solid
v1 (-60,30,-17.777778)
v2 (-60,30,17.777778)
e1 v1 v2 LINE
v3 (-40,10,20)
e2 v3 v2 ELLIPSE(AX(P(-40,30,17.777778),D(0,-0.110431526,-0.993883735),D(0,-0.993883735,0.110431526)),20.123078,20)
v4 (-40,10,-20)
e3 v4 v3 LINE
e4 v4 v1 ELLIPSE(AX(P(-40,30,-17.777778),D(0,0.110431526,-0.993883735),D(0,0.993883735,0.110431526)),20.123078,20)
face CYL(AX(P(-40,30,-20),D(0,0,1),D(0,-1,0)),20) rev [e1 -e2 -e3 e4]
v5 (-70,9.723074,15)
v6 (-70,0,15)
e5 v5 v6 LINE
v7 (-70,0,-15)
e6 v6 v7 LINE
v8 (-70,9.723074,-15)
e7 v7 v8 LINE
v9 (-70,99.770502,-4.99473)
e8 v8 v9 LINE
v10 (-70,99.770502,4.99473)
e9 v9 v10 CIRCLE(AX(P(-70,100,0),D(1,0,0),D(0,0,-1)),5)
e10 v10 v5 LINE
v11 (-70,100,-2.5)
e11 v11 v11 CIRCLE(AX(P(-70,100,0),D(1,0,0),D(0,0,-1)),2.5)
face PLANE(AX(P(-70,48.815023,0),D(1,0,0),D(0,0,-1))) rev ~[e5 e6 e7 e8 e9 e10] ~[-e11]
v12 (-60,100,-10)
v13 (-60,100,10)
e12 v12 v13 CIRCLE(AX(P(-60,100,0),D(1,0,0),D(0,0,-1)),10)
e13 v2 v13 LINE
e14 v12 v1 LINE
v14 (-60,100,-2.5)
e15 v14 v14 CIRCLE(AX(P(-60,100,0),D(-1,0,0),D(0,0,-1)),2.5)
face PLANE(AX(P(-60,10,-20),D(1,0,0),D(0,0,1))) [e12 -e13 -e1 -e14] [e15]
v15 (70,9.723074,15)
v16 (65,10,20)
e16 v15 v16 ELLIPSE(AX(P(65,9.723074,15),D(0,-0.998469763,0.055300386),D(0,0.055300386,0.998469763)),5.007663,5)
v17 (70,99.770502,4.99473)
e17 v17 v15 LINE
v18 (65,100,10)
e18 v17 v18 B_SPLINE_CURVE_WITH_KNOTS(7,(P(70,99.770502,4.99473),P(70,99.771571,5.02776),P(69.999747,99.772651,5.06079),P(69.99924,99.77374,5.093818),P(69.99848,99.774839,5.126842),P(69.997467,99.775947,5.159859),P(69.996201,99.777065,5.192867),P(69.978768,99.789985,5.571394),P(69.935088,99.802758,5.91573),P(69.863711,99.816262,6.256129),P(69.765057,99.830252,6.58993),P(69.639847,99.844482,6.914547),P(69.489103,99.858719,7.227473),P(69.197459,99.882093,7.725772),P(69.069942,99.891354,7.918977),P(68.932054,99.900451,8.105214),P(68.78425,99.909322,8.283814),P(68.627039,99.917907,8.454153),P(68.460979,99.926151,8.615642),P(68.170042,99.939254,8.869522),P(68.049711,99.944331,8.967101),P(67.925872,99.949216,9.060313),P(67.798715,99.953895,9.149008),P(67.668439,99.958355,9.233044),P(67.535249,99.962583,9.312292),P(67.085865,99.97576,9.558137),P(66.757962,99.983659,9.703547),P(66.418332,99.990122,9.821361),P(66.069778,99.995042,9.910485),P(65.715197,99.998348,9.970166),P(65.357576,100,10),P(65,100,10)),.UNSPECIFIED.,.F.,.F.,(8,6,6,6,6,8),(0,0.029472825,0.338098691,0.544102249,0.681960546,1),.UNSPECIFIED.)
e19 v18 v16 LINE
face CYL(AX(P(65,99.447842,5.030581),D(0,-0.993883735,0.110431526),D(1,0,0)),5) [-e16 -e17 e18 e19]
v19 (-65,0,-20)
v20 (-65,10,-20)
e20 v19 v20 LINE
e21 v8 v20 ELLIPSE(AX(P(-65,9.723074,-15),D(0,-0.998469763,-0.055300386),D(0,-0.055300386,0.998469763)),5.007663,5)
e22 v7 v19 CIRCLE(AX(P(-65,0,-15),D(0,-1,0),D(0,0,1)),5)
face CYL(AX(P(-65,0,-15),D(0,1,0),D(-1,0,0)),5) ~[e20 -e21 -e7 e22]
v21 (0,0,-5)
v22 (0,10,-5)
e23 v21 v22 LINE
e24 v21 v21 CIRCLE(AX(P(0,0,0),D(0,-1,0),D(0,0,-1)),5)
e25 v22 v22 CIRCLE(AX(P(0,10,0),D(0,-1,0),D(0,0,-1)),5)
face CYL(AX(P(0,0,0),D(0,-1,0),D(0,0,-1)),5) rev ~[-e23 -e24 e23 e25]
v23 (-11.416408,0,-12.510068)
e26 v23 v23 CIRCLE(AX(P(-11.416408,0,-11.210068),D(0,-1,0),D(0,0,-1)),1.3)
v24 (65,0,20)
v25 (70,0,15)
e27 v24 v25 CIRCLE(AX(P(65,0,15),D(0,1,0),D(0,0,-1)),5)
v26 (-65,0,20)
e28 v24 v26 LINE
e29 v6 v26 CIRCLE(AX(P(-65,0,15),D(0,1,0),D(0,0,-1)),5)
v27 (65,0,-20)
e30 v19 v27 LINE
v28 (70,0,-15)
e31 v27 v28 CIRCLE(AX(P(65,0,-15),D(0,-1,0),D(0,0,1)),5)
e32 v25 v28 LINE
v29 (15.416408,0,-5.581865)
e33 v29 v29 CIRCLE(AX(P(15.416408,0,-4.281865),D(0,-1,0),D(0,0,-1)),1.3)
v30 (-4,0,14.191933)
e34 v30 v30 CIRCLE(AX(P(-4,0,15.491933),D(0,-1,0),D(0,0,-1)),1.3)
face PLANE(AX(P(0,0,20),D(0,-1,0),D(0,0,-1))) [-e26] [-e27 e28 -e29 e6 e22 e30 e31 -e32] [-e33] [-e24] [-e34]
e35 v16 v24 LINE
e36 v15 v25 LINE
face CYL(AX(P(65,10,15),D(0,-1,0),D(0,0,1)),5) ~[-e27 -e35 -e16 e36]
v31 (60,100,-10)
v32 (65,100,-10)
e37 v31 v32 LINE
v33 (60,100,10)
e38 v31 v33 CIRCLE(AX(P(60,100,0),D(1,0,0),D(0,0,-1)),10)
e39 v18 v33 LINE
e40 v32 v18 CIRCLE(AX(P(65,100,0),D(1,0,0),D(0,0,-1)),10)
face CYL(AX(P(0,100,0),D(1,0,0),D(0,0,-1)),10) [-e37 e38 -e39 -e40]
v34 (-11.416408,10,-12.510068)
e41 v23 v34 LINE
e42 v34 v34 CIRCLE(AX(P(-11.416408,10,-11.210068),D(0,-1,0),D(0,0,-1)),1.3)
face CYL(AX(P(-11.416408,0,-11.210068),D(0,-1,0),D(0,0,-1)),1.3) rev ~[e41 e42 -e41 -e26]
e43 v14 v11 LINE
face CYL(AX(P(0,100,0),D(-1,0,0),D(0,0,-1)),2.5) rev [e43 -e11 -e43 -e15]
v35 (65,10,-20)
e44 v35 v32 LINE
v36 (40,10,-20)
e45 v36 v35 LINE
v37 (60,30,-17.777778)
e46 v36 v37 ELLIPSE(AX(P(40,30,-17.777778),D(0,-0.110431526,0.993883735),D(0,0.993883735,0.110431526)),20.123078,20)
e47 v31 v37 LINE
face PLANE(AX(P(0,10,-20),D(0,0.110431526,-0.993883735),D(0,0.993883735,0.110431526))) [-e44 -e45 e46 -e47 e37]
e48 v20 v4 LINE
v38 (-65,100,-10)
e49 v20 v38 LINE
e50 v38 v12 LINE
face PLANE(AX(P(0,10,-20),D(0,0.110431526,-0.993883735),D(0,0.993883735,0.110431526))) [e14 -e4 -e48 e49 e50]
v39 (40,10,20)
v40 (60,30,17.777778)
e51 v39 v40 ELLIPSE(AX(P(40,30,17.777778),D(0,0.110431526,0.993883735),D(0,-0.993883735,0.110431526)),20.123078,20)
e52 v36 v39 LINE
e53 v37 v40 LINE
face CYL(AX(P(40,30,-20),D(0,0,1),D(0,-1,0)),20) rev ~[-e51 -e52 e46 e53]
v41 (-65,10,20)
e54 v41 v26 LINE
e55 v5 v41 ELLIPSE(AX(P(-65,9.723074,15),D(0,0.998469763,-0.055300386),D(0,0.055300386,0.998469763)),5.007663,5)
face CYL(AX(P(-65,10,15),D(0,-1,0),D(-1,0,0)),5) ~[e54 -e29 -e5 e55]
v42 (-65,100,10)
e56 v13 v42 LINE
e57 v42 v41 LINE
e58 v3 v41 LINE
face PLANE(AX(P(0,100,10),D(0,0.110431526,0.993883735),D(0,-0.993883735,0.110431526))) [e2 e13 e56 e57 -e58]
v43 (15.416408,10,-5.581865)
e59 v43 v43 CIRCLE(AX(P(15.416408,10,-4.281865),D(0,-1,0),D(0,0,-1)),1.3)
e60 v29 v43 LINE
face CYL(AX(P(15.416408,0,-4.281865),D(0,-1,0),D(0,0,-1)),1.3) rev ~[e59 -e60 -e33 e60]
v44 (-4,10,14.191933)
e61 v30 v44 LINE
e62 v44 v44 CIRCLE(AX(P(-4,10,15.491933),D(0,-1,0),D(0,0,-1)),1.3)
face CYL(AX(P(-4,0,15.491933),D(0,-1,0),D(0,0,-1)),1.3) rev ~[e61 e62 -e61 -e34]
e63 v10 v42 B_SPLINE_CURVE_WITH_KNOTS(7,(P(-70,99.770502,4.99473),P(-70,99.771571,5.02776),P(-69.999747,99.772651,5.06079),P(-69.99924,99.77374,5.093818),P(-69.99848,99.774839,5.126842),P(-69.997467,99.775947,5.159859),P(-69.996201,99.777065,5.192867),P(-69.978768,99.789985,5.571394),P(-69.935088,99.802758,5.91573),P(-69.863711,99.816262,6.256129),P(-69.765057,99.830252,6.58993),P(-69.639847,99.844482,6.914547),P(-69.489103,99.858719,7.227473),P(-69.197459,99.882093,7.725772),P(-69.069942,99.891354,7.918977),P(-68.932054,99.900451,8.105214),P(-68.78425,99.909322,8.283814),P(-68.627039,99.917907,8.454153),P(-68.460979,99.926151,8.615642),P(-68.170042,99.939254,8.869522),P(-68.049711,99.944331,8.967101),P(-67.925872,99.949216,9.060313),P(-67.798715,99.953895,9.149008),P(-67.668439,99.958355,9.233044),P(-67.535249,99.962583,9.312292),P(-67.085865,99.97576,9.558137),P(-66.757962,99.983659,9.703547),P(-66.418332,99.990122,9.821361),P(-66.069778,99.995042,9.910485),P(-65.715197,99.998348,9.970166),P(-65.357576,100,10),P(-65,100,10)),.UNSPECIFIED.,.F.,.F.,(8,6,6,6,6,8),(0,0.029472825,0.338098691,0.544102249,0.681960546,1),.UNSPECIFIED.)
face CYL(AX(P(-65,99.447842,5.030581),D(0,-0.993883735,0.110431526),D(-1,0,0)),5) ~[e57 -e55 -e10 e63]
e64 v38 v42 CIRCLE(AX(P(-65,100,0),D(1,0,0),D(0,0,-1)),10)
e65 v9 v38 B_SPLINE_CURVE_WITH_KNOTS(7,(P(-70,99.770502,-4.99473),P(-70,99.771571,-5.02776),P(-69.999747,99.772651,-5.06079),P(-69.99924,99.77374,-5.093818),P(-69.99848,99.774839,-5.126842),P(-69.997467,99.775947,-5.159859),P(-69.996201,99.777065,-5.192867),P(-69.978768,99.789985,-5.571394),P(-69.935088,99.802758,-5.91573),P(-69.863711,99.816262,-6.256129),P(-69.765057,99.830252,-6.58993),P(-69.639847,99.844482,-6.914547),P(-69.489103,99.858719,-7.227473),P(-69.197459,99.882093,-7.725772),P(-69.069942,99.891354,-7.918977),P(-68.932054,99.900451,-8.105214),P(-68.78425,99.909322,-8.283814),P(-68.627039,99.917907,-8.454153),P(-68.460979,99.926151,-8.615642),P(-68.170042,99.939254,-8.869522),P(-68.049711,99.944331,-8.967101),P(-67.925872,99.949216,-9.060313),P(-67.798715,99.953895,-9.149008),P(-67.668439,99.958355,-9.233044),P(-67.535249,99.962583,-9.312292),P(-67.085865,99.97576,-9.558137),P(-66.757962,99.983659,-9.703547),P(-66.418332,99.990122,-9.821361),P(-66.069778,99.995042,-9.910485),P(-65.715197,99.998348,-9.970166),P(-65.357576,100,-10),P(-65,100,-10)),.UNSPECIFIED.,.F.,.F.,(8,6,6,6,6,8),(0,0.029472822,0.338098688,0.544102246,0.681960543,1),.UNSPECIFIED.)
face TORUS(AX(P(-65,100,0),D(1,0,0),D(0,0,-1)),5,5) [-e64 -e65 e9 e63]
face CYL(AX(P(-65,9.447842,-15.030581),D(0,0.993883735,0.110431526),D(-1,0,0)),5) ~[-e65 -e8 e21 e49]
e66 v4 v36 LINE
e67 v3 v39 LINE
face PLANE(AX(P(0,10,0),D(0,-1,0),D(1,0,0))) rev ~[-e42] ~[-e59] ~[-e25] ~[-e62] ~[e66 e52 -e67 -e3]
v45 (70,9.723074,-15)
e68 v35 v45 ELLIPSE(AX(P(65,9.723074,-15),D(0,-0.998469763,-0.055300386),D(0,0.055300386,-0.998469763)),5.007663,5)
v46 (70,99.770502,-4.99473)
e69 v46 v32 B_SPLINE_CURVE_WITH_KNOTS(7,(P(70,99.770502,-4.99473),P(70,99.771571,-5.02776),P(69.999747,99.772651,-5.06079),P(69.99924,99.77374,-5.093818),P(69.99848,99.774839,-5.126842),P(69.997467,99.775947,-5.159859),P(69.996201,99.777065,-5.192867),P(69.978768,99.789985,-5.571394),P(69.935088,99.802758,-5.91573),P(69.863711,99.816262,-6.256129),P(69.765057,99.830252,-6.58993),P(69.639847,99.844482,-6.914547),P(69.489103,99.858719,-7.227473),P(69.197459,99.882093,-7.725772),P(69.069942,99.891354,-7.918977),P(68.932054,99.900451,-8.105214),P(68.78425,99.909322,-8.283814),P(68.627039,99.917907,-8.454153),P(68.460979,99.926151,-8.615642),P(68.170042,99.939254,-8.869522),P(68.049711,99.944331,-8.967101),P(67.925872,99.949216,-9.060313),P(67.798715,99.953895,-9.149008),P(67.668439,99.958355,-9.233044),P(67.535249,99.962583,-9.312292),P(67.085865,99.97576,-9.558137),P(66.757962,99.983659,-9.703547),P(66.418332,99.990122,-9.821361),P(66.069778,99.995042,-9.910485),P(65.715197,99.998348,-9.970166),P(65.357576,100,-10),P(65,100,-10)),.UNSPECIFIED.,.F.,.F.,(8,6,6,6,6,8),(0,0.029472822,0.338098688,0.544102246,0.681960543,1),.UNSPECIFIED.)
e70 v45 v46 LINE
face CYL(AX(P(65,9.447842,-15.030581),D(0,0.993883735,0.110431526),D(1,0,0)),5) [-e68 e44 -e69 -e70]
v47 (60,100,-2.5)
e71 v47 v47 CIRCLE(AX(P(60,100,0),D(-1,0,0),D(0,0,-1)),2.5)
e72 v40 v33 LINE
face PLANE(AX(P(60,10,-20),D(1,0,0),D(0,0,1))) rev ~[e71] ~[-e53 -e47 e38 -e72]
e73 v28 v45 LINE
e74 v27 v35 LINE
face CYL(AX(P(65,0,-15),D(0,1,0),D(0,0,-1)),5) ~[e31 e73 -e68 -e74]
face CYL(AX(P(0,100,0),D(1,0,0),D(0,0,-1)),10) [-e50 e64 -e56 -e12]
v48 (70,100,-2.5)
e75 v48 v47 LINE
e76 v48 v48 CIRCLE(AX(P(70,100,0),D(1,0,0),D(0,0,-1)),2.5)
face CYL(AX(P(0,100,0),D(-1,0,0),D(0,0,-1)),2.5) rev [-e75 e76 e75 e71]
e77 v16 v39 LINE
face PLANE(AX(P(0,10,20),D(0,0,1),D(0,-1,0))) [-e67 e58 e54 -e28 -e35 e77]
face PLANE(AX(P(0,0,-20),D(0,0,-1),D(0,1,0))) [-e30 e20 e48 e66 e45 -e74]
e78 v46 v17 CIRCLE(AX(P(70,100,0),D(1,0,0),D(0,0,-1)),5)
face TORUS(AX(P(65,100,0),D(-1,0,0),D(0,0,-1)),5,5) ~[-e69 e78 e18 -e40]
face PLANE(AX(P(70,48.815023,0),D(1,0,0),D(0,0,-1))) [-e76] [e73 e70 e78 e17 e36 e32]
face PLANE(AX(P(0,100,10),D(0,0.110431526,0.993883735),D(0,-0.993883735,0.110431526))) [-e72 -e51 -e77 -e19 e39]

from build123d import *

# Parameters (mm, degrees)
SKETCH1_R           = 2.5
BOSS_EXTRUDE1_DEPTH = 70
CUT_EXTRUDE1_START  = -10
SKETCH2_W           = 120
SKETCH2_H           = 40
CUT_EXTRUDE1_DEPTH  = 110
SKETCH3_R           = 1.3
SKETCH3_R_2         = 5
CUT_EXTRUDE2_DEPTH  = 10
FILLET1_R           = 5
FILLET2_R           = 20


with BuildPart() as part:
    # Sketch1 → Boss-Extrude1 (new, symmetric)
    with BuildSketch(Plane(origin=(0, 0, 0), x_dir=(0, 0, -1), z_dir=(1, 0, 0))):
        with BuildLine():
            Line((-20, 0), (20, 0))
            Line((20, 0), (20, 10))
            Line((20, 10), (10, 100))
            ThreePointArc((10, 100), (0, 110), (-10, 100))
            Line((-10, 100), (-20, 10))
            Line((-20, 10), (-20, 0))
        make_face()
        with Locations((0, 100)):
            Circle(SKETCH1_R, mode=Mode.SUBTRACT)
    extrude(amount=BOSS_EXTRUDE1_DEPTH, both=True)

    # Sketch2 → Cut-Extrude1 (cut)
    with BuildSketch(Plane.XZ.offset(CUT_EXTRUDE1_START)):
        Rectangle(SKETCH2_W, SKETCH2_H)
    extrude(amount=-CUT_EXTRUDE1_DEPTH, mode=Mode.SUBTRACT)

    # Sketch3 → Cut-Extrude2 (cut)
    with BuildSketch(Plane.XZ):
        with Locations(Location((-4, 15.491933385, 0), (0, 0, 270))):
            Circle(SKETCH3_R)
        with Locations(Location((15.416407865, -4.281865077, 0), (0, 0, 270))):
            Circle(SKETCH3_R)
        with Locations(Location((-11.416407865, -11.210068308, 0), (0, 0, 270))):
            Circle(SKETCH3_R)
        with Locations(Location((0, 0, 0), (0, 0, 270))):
            Circle(SKETCH3_R_2)
    extrude(amount=-CUT_EXTRUDE2_DEPTH, mode=Mode.SUBTRACT)

    # Fillet1
    fillet1_edges = [part.edges().sort_by_distance(p)[0] for p in [
        (70, 5, -20),
        (70, 55, -15),
        (70, 110, 0),
        (70, 55, 15),
        (70, 5, 20),
        (-70, 55, 15),
        (-70, 110, 0),
        (-70, 55, -15),
        (-70, 5, -20),
        (-70, 5, 20),
    ]]
    fillet(fillet1_edges, radius=FILLET1_R)

    # Fillet2
    fillet2_edges = [part.edges().sort_by_distance(p)[0] for p in [
        (-60, 10, 0),
        (60, 10, 0),
    ]]
    fillet(fillet2_edges, radius=FILLET2_R)


solid = part.part
